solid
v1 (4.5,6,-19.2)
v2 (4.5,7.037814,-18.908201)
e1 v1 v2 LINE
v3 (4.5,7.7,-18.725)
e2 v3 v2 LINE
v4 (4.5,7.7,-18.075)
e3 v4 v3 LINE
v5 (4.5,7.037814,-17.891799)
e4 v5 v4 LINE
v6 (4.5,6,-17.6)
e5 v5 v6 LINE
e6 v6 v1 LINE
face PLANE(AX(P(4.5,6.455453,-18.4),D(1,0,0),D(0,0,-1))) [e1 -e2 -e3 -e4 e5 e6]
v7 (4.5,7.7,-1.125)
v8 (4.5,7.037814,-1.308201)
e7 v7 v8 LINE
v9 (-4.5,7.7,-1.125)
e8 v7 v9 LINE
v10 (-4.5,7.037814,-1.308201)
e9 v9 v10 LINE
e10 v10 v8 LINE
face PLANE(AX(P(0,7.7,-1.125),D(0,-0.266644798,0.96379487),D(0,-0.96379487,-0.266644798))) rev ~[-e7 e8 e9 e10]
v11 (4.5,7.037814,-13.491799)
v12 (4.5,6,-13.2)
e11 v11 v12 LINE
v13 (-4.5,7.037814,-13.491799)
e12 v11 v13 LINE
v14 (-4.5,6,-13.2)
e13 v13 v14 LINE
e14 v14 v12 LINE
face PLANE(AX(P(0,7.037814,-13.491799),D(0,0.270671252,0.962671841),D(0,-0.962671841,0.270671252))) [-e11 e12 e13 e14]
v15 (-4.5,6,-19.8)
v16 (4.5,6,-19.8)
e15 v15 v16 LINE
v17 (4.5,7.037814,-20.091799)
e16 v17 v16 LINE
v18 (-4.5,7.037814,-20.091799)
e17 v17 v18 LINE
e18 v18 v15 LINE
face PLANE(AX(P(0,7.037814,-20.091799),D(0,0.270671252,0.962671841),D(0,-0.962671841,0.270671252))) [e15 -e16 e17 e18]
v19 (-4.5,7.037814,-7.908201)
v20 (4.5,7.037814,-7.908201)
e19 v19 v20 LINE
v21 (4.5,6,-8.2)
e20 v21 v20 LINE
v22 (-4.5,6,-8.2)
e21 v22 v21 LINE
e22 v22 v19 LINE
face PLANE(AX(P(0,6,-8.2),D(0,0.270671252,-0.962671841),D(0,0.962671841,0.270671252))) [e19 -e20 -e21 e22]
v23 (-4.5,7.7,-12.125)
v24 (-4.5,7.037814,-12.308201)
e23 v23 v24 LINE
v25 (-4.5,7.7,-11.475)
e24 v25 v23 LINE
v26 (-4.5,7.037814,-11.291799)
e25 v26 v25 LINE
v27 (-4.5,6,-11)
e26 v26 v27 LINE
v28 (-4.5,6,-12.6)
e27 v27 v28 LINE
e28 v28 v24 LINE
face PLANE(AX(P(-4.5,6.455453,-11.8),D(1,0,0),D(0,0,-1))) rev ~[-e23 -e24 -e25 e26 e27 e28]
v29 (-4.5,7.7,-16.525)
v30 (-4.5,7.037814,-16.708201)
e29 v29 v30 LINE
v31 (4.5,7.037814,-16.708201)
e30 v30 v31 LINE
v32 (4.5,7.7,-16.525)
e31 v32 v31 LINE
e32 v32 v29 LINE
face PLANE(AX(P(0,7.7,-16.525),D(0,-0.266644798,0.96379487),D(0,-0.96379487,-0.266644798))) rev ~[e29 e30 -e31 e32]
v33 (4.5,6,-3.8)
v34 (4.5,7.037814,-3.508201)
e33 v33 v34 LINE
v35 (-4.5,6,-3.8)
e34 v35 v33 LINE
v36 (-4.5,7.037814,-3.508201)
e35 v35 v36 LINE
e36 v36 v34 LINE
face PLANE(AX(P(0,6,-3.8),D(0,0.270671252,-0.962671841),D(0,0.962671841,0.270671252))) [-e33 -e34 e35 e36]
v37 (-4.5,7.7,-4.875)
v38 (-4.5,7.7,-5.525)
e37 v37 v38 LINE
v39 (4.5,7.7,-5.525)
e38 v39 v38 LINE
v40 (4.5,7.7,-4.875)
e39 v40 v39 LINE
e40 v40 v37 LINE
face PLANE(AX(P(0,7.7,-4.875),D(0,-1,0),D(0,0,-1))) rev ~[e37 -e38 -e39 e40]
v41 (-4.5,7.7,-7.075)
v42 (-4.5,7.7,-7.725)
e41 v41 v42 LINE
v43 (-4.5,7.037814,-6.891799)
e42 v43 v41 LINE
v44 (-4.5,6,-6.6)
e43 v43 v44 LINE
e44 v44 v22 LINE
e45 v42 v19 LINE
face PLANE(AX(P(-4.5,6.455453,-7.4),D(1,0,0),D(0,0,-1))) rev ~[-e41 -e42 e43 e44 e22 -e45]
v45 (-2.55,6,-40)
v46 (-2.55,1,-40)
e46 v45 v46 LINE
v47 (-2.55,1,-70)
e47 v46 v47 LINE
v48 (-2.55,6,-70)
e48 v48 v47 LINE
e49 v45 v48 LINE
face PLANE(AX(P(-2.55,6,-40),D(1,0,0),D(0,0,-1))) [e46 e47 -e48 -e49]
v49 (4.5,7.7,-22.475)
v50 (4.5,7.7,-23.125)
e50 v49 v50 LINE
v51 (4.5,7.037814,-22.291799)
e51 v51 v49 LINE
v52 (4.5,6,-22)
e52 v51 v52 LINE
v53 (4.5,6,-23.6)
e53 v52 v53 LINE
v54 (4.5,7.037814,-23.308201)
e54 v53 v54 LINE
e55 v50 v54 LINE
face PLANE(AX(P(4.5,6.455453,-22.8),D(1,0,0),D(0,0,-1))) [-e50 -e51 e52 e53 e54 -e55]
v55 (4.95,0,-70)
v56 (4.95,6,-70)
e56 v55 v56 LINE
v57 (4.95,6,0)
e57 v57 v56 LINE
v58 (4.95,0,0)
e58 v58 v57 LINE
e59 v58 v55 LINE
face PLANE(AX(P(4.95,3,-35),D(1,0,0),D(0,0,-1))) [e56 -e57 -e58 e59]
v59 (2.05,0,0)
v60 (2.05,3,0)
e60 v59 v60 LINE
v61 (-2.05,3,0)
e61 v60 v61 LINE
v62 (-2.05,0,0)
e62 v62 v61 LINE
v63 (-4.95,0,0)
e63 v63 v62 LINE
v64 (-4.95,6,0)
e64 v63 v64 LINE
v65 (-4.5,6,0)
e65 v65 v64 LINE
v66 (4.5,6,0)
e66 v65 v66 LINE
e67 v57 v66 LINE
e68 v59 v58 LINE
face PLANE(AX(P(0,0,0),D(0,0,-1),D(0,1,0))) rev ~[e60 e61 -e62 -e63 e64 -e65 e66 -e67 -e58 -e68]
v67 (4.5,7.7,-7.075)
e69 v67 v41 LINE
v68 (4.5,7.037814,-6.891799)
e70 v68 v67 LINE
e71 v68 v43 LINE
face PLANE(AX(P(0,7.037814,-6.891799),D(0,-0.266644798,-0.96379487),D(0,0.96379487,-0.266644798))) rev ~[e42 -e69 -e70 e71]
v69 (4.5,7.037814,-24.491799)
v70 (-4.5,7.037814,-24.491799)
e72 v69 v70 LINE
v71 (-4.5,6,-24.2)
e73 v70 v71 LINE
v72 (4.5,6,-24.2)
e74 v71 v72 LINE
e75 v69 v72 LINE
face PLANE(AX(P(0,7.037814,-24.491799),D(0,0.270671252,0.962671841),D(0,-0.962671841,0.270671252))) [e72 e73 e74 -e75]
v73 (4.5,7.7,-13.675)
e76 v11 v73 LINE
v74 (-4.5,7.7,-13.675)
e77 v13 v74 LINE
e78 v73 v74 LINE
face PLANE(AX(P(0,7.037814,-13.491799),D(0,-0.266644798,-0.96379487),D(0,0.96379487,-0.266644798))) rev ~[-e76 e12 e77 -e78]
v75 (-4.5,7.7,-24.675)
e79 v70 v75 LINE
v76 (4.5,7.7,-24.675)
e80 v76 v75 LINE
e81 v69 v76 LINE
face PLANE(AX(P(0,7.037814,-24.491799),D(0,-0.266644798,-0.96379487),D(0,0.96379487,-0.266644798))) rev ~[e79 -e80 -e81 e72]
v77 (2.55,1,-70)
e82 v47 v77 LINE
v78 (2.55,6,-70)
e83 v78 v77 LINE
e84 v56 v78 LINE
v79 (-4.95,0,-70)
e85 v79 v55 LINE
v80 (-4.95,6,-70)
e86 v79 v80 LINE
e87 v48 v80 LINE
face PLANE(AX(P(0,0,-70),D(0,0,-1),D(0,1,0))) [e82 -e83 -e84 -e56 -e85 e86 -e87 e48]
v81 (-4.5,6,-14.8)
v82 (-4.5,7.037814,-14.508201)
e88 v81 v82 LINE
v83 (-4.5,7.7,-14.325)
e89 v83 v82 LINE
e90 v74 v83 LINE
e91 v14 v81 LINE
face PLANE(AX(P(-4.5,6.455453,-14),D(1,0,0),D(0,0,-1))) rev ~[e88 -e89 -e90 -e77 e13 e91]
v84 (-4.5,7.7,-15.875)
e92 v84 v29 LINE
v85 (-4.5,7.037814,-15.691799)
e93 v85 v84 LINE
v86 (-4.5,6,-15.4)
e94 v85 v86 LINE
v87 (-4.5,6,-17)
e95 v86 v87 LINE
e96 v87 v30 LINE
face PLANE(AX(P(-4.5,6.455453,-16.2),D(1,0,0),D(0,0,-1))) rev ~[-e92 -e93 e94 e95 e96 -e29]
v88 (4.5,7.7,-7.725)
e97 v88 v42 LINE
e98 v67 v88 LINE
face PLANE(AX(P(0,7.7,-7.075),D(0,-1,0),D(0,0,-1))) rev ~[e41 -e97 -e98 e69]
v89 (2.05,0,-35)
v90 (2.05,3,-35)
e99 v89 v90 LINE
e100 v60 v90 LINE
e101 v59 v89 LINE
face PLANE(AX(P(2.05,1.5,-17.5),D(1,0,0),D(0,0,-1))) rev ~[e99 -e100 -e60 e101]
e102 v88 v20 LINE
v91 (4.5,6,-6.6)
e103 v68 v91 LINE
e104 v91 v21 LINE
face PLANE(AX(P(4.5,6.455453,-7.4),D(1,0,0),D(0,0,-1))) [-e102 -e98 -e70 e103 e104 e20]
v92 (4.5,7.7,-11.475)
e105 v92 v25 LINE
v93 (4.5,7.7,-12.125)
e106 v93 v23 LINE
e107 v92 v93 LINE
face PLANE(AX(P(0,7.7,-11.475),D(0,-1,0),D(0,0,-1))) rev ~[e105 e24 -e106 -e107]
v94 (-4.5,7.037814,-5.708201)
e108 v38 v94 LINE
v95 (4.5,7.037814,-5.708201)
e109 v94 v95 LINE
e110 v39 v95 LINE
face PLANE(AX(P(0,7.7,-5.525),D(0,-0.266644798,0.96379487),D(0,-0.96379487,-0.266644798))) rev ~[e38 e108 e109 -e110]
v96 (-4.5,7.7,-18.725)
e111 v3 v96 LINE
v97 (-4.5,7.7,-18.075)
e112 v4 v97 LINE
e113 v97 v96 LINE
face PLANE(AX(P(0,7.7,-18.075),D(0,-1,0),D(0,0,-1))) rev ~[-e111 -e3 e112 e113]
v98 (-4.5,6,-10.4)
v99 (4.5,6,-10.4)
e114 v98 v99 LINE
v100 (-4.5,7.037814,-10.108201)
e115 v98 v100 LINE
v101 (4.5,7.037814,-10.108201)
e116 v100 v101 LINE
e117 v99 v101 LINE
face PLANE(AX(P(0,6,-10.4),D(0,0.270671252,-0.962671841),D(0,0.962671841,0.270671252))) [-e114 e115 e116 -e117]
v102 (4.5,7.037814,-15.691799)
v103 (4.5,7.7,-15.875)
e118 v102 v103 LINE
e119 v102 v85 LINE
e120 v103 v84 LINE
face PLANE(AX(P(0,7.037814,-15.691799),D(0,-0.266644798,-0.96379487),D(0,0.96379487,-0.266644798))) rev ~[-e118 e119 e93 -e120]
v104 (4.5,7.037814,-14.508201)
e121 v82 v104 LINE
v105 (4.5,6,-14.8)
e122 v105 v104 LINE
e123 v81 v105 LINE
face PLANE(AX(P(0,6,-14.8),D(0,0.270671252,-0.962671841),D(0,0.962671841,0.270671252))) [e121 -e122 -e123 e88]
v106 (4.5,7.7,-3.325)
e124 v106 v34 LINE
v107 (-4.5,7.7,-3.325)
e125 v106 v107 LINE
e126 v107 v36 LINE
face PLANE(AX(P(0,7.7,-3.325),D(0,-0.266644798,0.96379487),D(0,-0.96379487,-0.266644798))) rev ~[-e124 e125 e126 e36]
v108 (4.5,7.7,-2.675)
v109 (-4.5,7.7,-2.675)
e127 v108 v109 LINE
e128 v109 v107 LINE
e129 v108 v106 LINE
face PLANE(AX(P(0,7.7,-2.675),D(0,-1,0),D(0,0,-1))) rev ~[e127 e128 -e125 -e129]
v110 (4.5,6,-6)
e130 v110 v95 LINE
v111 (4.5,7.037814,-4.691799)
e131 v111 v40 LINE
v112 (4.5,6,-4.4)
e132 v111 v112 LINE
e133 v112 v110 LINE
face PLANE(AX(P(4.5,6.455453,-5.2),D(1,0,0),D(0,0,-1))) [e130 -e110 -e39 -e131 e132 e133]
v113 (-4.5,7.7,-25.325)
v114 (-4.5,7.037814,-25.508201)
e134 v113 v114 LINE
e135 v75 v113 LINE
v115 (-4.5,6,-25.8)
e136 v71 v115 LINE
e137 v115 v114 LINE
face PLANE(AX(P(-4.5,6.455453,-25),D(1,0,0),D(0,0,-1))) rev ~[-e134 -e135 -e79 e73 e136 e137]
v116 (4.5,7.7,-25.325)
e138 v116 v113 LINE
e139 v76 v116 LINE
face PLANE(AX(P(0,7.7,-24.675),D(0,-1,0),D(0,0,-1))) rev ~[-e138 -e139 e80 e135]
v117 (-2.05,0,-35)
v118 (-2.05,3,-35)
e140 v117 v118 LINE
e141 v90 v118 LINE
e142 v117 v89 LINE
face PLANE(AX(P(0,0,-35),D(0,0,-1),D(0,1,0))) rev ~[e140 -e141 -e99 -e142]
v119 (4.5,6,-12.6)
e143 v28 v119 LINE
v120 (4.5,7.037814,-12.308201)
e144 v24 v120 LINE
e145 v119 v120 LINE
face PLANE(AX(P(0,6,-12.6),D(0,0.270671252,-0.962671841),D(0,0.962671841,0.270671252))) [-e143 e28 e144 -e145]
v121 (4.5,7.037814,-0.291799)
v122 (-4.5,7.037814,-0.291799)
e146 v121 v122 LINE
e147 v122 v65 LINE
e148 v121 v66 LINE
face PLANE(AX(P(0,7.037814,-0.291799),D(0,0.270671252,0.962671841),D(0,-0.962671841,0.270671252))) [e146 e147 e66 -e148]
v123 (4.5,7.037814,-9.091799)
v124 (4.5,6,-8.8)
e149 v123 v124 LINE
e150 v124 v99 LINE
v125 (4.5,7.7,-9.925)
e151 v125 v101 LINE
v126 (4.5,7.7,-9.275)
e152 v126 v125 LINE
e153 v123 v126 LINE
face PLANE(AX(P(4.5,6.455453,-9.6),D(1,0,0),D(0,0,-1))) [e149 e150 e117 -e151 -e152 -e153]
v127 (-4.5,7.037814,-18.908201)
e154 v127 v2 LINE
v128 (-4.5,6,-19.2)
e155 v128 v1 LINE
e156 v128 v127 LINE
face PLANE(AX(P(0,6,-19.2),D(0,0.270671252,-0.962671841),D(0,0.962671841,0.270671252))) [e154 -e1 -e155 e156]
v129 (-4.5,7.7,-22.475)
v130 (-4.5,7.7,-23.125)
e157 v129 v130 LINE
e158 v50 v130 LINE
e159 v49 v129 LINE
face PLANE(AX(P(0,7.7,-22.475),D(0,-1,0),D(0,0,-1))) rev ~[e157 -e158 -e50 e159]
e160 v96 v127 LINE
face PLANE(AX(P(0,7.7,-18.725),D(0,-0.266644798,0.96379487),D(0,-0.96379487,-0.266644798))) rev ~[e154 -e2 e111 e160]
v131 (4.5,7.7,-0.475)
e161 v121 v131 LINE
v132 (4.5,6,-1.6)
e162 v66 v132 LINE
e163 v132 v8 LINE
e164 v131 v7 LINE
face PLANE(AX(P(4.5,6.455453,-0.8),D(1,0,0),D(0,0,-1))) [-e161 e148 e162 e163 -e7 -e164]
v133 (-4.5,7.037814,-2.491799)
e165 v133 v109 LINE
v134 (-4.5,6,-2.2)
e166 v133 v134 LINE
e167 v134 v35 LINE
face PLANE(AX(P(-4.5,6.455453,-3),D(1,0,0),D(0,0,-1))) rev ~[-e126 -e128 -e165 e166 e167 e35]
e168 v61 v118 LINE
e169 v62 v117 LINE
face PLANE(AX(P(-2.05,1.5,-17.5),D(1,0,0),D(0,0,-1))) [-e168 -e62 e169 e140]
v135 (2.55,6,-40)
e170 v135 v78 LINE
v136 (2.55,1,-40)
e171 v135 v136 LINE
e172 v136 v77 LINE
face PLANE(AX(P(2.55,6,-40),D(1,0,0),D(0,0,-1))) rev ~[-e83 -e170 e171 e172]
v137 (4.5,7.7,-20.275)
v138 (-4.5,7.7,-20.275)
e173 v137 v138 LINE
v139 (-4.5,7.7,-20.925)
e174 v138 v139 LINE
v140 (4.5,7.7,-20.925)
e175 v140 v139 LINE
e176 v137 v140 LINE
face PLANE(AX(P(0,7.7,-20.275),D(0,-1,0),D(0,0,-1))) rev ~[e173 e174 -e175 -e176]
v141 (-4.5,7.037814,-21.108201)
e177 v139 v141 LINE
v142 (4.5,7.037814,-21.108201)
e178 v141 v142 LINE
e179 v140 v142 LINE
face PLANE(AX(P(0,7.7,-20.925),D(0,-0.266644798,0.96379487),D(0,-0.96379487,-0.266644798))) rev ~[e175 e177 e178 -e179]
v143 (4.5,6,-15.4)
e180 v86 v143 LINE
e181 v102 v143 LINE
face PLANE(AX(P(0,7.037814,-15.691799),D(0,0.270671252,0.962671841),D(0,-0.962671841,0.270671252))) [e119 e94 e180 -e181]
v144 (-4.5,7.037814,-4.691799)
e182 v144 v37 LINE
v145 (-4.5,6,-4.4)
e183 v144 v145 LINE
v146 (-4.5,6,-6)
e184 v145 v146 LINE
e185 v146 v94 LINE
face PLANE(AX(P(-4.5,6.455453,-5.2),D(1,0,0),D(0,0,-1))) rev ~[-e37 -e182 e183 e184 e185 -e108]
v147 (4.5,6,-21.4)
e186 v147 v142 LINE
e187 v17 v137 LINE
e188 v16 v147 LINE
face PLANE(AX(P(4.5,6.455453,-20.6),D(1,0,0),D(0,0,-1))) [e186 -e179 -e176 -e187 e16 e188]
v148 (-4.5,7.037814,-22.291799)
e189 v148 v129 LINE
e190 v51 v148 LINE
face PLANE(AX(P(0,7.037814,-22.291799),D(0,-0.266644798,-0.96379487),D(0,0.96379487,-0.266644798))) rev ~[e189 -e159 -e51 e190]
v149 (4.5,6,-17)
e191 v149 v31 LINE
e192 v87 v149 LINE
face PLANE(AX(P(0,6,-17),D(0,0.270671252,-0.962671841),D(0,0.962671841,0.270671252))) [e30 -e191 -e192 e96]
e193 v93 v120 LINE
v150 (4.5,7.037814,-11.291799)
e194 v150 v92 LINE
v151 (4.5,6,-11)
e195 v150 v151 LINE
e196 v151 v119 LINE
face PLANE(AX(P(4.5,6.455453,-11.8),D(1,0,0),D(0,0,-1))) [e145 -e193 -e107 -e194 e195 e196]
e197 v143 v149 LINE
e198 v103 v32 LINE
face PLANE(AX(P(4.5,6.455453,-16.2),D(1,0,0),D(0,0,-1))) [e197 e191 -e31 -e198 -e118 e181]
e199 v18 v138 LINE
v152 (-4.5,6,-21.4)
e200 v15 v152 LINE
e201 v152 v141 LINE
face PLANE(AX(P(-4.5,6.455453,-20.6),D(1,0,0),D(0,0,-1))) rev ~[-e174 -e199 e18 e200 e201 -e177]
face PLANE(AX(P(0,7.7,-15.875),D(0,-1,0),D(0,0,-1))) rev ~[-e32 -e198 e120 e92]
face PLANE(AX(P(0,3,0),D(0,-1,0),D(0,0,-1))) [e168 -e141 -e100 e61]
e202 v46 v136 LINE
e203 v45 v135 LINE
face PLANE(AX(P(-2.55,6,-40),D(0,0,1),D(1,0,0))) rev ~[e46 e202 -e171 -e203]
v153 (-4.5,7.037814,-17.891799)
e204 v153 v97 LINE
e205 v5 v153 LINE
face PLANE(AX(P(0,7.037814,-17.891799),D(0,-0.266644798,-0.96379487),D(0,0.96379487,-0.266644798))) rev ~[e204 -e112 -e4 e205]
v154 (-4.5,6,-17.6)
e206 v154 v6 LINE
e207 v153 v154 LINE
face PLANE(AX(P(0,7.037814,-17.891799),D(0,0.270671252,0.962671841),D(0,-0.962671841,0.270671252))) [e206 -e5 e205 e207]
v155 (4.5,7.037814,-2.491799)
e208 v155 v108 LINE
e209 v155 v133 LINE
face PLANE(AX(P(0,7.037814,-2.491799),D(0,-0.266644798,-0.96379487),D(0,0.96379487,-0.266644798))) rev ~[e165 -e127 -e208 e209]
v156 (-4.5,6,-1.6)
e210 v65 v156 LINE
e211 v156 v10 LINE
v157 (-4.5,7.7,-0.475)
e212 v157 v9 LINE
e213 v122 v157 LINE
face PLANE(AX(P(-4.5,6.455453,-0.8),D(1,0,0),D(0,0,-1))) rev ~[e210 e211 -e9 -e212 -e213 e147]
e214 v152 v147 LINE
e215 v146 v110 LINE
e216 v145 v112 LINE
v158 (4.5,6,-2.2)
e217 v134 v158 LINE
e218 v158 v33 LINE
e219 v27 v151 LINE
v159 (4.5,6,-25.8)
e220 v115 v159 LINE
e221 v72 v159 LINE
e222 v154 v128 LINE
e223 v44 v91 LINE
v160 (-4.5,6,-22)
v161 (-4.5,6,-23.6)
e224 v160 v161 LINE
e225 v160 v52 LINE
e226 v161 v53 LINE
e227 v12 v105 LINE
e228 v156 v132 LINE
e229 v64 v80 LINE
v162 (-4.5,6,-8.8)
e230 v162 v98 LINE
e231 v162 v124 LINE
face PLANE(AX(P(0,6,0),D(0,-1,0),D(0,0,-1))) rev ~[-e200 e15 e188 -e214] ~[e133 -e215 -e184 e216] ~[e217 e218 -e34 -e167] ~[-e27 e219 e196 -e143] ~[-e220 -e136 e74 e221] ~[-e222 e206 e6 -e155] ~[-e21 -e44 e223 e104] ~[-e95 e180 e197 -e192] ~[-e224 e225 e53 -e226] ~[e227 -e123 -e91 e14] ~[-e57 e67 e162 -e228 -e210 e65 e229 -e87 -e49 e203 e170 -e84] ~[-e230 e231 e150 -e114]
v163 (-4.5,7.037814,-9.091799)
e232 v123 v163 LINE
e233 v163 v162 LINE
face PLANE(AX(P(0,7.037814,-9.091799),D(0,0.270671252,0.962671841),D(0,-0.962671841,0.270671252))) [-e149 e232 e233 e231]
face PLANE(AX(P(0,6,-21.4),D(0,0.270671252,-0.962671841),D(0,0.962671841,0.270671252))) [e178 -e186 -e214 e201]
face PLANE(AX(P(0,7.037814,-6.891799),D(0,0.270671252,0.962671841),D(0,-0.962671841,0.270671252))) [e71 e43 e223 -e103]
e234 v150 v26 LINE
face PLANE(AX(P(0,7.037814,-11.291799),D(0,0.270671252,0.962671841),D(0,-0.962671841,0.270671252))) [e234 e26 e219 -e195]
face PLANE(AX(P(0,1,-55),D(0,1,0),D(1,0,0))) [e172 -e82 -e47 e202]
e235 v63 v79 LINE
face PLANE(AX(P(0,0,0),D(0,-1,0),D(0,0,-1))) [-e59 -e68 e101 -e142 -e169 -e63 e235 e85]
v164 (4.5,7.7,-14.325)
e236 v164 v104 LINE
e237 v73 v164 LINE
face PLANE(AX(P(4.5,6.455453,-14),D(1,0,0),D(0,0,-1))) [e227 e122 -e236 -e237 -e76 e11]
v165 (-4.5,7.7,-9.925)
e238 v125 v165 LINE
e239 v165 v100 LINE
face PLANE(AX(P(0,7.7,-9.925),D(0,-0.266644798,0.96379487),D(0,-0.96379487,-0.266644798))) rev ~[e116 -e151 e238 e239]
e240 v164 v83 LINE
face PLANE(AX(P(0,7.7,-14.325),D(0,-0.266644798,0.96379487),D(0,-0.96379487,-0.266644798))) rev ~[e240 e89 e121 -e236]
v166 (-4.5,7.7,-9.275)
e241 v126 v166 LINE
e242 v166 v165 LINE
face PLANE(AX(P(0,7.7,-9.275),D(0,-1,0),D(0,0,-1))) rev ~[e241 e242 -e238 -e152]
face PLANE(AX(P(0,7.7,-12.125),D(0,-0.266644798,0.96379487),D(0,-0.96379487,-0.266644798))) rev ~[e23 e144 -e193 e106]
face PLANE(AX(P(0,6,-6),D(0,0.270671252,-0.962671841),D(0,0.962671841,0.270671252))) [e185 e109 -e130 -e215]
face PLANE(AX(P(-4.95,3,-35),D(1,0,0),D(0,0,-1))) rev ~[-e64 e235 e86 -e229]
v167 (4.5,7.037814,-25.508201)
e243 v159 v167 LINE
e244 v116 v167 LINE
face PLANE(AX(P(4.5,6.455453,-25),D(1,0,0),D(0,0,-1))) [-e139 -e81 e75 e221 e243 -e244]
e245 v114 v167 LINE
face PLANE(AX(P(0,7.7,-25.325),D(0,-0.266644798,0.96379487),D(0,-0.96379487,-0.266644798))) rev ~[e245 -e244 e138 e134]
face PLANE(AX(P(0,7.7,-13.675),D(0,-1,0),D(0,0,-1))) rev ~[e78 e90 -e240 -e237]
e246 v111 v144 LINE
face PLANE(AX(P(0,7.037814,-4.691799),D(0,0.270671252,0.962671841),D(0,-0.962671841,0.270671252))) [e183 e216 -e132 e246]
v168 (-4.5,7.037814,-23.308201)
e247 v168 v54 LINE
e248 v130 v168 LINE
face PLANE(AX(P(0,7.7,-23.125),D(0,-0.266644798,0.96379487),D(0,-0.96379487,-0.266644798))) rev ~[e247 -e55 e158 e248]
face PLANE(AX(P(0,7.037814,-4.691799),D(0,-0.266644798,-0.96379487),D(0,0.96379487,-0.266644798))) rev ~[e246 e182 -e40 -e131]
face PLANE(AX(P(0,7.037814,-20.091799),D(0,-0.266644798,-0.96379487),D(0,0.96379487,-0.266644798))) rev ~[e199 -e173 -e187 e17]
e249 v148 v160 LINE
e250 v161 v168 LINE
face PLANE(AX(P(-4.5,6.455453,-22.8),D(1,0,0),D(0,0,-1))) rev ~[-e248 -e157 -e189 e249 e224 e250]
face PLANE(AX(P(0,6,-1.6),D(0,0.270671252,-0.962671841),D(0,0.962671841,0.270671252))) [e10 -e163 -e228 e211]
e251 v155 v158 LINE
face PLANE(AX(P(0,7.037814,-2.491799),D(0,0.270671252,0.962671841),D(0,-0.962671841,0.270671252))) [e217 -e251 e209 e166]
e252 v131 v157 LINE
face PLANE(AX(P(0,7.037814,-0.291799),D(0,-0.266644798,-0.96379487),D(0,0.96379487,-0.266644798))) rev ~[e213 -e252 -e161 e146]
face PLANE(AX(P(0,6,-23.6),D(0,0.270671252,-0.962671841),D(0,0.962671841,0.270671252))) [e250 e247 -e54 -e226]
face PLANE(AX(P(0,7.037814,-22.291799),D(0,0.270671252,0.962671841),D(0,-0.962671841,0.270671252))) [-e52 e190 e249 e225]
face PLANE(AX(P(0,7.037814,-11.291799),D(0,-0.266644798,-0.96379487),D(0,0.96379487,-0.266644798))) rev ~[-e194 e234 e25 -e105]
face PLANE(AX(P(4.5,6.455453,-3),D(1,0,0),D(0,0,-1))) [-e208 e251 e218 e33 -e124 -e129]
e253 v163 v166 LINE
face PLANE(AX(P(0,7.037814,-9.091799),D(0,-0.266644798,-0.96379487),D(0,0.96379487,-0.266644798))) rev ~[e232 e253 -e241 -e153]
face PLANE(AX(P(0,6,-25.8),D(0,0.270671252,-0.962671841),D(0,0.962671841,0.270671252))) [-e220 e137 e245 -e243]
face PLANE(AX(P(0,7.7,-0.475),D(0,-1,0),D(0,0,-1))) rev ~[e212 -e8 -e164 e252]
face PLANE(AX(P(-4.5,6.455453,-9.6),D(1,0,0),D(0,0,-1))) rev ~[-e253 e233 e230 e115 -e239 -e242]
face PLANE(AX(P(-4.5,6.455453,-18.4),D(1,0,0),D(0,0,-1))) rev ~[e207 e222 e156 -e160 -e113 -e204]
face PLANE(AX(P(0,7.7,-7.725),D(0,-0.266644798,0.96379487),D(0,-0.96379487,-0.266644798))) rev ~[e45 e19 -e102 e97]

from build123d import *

# Parameters (mm, degrees)
EXTRUDE_2_DEPTH        = 4.95
EXTRUDE_3_DEPTH        = 4.5
PATTERN_LINEAR_1_COUNT = 12
PATTERN_LINEAR_1_PITCH = 2.2
SKETCH_7_W             = 5.1
SKETCH_7_H             = 30
CUT_EXTRUDE_1_DEPTH    = 5
SKETCH_3_W             = 35
SKETCH_3_H             = 3
CUT_EXTRUDE_2_DEPTH    = 2.05


with BuildPart() as part:
    # 스케치2 → 보스-돌출2 (new, symmetric)
    with BuildSketch(Plane(origin=(0, 0, 0), x_dir=(0, 0, -1), z_dir=(1, 0, 0))):
        Polygon((0, 6), (0, 0), (70, 0), (70, 6), (1.6, 6), align=None)
    extrude(amount=EXTRUDE_2_DEPTH, both=True)

    # 스케치2<4> → 보스-돌출3 (add, symmetric)
    with BuildSketch(Plane(origin=(0, 0, 0), x_dir=(0, 0, -1), z_dir=(1, 0, 0))):
        Polygon((0.291798614, 7.03781361), (0, 6), (1.6, 6), (1.308201386, 7.03781361), (1.125, 7.7), (0.475, 7.7), align=None)
    extrude_3 = extrude(amount=EXTRUDE_3_DEPTH, both=True)

    # 선형 패턴1: 보스-돌출3 ×12
    with Locations(*[(0, 0, -i * PATTERN_LINEAR_1_PITCH) for i in range(1, PATTERN_LINEAR_1_COUNT)]):
        add(extrude_3)

    # 스케치7 → 컷-돌출1 (cut)
    with BuildSketch(Plane(origin=(0, 6, 0), x_dir=(1, 0, 0), z_dir=(0, 1, 0))):
        with Locations((0, 55)):
            Rectangle(SKETCH_7_W, SKETCH_7_H)
    extrude(amount=-CUT_EXTRUDE_1_DEPTH, mode=Mode.SUBTRACT)

    # 스케치3 → 컷-돌출2 (cut, symmetric)
    with BuildSketch(Plane(origin=(0, 0, 0), x_dir=(0, 0, -1), z_dir=(1, 0, 0))):
        with Locations((17.5, 1.5)):
            Rectangle(SKETCH_3_W, SKETCH_3_H)
    extrude(amount=CUT_EXTRUDE_2_DEPTH, both=True, mode=Mode.SUBTRACT)


solid = part.part
